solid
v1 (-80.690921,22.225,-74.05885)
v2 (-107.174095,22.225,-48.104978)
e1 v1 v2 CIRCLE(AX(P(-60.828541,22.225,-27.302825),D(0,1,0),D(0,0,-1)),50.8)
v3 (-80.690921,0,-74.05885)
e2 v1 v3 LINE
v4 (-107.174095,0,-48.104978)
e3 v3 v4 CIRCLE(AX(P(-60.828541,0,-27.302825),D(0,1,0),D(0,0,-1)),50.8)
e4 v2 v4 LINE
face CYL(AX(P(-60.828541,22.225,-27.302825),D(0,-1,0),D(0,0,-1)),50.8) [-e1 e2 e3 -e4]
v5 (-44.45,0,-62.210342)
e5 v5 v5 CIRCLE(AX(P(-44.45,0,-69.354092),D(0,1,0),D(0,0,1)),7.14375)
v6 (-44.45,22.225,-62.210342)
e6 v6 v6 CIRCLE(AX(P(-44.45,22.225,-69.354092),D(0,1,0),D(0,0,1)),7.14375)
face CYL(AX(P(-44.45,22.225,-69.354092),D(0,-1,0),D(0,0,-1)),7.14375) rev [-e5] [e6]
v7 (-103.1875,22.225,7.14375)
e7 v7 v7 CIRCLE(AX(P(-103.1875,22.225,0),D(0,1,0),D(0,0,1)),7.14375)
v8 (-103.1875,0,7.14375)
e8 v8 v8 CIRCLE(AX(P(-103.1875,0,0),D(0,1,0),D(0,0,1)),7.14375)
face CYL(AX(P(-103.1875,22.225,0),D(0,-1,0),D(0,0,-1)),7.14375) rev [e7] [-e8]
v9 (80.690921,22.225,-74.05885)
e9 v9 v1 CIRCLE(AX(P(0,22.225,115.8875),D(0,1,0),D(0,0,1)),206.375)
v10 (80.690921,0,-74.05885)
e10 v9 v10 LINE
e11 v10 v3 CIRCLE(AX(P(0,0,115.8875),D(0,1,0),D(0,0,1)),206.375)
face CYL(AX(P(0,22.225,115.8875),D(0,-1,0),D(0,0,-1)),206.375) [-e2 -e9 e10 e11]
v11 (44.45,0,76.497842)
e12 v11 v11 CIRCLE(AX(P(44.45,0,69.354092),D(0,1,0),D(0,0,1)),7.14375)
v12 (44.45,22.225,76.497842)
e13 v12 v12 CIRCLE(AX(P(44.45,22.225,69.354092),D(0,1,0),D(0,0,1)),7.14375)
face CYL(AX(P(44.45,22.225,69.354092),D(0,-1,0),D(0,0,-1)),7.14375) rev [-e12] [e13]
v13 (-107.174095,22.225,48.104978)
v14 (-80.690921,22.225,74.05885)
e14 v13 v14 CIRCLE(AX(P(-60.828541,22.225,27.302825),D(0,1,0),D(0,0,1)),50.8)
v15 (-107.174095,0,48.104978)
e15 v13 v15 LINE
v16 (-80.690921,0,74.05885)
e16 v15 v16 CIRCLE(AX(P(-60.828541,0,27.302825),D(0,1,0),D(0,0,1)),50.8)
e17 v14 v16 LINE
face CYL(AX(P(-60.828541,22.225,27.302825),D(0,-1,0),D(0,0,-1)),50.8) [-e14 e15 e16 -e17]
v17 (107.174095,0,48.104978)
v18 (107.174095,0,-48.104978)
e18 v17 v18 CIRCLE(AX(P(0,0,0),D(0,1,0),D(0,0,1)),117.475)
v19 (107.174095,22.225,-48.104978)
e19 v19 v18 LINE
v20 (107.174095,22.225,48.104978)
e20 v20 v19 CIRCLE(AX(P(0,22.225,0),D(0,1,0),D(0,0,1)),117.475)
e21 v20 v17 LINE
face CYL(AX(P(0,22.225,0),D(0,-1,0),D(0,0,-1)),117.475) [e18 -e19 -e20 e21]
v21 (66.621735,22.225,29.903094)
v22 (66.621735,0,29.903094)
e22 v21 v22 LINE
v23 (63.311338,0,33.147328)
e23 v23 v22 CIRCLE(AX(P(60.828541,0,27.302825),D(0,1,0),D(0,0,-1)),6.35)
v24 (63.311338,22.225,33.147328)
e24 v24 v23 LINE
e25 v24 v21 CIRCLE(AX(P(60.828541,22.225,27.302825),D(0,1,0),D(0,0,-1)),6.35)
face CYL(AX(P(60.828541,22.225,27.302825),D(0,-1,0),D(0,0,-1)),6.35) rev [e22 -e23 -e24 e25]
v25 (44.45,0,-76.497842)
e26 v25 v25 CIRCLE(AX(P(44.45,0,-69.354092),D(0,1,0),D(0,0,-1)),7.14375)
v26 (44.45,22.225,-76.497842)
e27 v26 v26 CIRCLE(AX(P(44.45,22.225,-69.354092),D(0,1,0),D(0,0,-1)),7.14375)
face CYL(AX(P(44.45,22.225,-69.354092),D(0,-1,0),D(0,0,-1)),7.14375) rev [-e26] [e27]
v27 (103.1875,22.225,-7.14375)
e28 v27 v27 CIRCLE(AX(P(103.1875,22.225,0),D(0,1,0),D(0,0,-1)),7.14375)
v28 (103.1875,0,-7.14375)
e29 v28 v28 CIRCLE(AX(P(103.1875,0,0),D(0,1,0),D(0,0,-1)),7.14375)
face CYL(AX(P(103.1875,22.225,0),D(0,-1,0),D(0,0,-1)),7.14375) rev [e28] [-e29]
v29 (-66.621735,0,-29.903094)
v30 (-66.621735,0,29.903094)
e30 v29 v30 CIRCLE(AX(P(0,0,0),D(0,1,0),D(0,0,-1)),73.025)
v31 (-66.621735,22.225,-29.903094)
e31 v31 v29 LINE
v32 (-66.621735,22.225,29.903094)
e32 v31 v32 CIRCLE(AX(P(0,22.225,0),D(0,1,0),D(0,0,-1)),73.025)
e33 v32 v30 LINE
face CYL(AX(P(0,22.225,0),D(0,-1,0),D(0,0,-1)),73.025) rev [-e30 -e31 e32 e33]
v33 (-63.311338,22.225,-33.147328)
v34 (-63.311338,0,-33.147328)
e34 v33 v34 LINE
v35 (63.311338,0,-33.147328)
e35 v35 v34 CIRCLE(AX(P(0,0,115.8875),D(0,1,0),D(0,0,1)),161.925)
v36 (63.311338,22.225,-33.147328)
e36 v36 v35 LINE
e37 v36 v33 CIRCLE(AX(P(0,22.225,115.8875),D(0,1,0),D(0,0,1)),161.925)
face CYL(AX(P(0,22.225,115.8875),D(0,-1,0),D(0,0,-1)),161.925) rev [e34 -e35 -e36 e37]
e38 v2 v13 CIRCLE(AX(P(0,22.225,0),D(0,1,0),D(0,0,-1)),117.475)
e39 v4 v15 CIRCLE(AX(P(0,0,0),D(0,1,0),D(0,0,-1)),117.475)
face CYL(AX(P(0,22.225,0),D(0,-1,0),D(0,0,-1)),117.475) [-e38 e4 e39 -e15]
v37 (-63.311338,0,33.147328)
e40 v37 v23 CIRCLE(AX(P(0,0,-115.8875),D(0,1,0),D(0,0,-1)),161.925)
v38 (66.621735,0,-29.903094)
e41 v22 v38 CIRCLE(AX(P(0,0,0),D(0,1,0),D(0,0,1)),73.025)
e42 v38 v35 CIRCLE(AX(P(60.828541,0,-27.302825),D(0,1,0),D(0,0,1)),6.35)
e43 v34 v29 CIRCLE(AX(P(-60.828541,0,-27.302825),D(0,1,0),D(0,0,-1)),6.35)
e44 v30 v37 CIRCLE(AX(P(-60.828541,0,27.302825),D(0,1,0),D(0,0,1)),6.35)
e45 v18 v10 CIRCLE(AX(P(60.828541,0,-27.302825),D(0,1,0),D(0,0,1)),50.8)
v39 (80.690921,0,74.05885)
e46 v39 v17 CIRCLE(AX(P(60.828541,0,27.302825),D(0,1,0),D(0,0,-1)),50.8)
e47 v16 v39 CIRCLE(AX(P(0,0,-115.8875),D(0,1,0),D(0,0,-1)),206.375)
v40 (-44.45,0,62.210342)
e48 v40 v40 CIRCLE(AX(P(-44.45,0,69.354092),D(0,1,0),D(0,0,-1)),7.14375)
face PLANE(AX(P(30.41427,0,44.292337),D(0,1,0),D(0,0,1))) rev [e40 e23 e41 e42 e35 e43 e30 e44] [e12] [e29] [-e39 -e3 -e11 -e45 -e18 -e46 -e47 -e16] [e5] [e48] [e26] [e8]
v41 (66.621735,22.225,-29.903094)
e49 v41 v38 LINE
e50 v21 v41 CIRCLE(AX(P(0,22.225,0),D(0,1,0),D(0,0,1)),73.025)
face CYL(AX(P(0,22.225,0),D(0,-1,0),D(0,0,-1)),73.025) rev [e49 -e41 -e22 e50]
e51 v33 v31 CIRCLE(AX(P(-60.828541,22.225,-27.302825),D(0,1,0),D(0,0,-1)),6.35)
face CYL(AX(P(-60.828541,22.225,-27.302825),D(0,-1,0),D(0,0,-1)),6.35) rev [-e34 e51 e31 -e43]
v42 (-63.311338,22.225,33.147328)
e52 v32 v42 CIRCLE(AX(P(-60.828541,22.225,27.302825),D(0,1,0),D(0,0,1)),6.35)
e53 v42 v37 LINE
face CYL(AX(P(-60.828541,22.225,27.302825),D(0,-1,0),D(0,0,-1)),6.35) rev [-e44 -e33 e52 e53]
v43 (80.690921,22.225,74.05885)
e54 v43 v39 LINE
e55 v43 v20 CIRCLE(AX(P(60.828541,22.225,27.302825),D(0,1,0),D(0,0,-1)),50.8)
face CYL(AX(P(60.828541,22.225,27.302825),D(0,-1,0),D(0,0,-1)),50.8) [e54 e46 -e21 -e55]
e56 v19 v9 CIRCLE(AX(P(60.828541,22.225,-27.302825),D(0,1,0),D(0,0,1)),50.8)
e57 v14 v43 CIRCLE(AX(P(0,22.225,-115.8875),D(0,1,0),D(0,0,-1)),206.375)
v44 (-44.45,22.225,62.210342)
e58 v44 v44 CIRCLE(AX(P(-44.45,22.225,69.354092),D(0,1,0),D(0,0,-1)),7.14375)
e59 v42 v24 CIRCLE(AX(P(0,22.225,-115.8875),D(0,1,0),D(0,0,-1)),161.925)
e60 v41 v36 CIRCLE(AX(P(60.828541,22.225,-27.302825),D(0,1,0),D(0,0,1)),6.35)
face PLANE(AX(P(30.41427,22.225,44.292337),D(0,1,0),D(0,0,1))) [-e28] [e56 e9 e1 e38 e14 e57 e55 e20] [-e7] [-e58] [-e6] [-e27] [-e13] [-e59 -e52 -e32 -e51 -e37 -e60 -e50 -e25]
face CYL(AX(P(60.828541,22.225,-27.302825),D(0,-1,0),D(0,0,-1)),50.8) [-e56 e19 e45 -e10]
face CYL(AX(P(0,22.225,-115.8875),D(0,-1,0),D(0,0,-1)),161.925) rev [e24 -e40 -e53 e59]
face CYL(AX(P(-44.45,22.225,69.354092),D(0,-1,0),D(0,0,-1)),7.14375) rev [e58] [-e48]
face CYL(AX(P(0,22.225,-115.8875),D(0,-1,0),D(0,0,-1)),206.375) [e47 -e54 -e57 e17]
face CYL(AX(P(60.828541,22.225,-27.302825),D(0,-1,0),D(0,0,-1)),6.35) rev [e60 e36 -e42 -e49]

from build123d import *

# Parameters (mm, degrees)
SKETCH1_R           = 7.14375
BOSS_EXTRUDE1_DEPTH = 22.225


with BuildPart() as part:
    # Sketch1 → Boss-Extrude1 (new body)
    with BuildSketch(Plane(origin=(0, 0, 0), x_dir=(1, 0, 0), z_dir=(0, 1, 0))):
        with BuildLine():
            ThreePointArc((80.690921224, 74.058849944), (0, 90.4875), (-80.690921224, 74.058849944))
            ThreePointArc((-80.690921224, 74.058849944), (-96.385165084, 63.584590133), (-107.174095369, 48.104977984))
            ThreePointArc((-107.174095369, 48.104977984), (-117.475, 0), (-107.174095369, -48.104977984))
            ThreePointArc((-107.174095369, -48.104977984), (-96.385165084, -63.584590133), (-80.690921224, -74.058849944))
            ThreePointArc((-80.690921224, -74.058849944), (0, -90.4875), (80.690921224, -74.058849944))
            ThreePointArc((80.690921224, -74.058849944), (96.385165084, -63.584590133), (107.174095369, -48.104977984))
            ThreePointArc((107.174095369, -48.104977984), (117.475, 0), (107.174095369, 48.104977984))
            ThreePointArc((107.174095369, 48.104977984), (96.385165084, 63.584590133), (80.690921224, 74.058849944))
        make_face()
        with Locations((-103.1875, 0)):
            Circle(SKETCH1_R, mode=Mode.SUBTRACT)
        with Locations((-44.45, 69.354092252)):
            Circle(SKETCH1_R, mode=Mode.SUBTRACT)
        with Locations((103.1875, 0)):
            Circle(SKETCH1_R, mode=Mode.SUBTRACT)
        with Locations((44.45, 69.354092252)):
            Circle(SKETCH1_R, mode=Mode.SUBTRACT)
        with Locations((-44.45, -69.354092252)):
            Circle(SKETCH1_R, mode=Mode.SUBTRACT)
        with Locations((44.45, -69.354092252)):
            Circle(SKETCH1_R, mode=Mode.SUBTRACT)
        with BuildLine():
            ThreePointArc((-66.621734959, -29.903094423), (-73.025, 0), (-66.621734959, 29.903094423))
            ThreePointArc((-66.621734959, 29.903094423), (-65.273118673, 31.838045941), (-63.311338191, 33.147328418))
            ThreePointArc((-63.311338191, 33.147328418), (0, 46.0375), (63.311338191, 33.147328418))
            ThreePointArc((63.311338191, 33.147328418), (65.273118673, 31.838045941), (66.621734959, 29.903094423))
            ThreePointArc((66.621734959, 29.903094423), (73.025, 0), (66.621734959, -29.903094423))
            ThreePointArc((66.621734959, -29.903094423), (65.273118673, -31.838045941), (63.311338191, -33.147328418))
            ThreePointArc((63.311338191, -33.147328418), (0, -46.0375), (-63.311338191, -33.147328418))
            ThreePointArc((-63.311338191, -33.147328418), (-65.273118673, -31.838045941), (-66.621734959, -29.903094423))
        make_face(mode=Mode.SUBTRACT)
    extrude(amount=BOSS_EXTRUDE1_DEPTH)


solid = part.part
